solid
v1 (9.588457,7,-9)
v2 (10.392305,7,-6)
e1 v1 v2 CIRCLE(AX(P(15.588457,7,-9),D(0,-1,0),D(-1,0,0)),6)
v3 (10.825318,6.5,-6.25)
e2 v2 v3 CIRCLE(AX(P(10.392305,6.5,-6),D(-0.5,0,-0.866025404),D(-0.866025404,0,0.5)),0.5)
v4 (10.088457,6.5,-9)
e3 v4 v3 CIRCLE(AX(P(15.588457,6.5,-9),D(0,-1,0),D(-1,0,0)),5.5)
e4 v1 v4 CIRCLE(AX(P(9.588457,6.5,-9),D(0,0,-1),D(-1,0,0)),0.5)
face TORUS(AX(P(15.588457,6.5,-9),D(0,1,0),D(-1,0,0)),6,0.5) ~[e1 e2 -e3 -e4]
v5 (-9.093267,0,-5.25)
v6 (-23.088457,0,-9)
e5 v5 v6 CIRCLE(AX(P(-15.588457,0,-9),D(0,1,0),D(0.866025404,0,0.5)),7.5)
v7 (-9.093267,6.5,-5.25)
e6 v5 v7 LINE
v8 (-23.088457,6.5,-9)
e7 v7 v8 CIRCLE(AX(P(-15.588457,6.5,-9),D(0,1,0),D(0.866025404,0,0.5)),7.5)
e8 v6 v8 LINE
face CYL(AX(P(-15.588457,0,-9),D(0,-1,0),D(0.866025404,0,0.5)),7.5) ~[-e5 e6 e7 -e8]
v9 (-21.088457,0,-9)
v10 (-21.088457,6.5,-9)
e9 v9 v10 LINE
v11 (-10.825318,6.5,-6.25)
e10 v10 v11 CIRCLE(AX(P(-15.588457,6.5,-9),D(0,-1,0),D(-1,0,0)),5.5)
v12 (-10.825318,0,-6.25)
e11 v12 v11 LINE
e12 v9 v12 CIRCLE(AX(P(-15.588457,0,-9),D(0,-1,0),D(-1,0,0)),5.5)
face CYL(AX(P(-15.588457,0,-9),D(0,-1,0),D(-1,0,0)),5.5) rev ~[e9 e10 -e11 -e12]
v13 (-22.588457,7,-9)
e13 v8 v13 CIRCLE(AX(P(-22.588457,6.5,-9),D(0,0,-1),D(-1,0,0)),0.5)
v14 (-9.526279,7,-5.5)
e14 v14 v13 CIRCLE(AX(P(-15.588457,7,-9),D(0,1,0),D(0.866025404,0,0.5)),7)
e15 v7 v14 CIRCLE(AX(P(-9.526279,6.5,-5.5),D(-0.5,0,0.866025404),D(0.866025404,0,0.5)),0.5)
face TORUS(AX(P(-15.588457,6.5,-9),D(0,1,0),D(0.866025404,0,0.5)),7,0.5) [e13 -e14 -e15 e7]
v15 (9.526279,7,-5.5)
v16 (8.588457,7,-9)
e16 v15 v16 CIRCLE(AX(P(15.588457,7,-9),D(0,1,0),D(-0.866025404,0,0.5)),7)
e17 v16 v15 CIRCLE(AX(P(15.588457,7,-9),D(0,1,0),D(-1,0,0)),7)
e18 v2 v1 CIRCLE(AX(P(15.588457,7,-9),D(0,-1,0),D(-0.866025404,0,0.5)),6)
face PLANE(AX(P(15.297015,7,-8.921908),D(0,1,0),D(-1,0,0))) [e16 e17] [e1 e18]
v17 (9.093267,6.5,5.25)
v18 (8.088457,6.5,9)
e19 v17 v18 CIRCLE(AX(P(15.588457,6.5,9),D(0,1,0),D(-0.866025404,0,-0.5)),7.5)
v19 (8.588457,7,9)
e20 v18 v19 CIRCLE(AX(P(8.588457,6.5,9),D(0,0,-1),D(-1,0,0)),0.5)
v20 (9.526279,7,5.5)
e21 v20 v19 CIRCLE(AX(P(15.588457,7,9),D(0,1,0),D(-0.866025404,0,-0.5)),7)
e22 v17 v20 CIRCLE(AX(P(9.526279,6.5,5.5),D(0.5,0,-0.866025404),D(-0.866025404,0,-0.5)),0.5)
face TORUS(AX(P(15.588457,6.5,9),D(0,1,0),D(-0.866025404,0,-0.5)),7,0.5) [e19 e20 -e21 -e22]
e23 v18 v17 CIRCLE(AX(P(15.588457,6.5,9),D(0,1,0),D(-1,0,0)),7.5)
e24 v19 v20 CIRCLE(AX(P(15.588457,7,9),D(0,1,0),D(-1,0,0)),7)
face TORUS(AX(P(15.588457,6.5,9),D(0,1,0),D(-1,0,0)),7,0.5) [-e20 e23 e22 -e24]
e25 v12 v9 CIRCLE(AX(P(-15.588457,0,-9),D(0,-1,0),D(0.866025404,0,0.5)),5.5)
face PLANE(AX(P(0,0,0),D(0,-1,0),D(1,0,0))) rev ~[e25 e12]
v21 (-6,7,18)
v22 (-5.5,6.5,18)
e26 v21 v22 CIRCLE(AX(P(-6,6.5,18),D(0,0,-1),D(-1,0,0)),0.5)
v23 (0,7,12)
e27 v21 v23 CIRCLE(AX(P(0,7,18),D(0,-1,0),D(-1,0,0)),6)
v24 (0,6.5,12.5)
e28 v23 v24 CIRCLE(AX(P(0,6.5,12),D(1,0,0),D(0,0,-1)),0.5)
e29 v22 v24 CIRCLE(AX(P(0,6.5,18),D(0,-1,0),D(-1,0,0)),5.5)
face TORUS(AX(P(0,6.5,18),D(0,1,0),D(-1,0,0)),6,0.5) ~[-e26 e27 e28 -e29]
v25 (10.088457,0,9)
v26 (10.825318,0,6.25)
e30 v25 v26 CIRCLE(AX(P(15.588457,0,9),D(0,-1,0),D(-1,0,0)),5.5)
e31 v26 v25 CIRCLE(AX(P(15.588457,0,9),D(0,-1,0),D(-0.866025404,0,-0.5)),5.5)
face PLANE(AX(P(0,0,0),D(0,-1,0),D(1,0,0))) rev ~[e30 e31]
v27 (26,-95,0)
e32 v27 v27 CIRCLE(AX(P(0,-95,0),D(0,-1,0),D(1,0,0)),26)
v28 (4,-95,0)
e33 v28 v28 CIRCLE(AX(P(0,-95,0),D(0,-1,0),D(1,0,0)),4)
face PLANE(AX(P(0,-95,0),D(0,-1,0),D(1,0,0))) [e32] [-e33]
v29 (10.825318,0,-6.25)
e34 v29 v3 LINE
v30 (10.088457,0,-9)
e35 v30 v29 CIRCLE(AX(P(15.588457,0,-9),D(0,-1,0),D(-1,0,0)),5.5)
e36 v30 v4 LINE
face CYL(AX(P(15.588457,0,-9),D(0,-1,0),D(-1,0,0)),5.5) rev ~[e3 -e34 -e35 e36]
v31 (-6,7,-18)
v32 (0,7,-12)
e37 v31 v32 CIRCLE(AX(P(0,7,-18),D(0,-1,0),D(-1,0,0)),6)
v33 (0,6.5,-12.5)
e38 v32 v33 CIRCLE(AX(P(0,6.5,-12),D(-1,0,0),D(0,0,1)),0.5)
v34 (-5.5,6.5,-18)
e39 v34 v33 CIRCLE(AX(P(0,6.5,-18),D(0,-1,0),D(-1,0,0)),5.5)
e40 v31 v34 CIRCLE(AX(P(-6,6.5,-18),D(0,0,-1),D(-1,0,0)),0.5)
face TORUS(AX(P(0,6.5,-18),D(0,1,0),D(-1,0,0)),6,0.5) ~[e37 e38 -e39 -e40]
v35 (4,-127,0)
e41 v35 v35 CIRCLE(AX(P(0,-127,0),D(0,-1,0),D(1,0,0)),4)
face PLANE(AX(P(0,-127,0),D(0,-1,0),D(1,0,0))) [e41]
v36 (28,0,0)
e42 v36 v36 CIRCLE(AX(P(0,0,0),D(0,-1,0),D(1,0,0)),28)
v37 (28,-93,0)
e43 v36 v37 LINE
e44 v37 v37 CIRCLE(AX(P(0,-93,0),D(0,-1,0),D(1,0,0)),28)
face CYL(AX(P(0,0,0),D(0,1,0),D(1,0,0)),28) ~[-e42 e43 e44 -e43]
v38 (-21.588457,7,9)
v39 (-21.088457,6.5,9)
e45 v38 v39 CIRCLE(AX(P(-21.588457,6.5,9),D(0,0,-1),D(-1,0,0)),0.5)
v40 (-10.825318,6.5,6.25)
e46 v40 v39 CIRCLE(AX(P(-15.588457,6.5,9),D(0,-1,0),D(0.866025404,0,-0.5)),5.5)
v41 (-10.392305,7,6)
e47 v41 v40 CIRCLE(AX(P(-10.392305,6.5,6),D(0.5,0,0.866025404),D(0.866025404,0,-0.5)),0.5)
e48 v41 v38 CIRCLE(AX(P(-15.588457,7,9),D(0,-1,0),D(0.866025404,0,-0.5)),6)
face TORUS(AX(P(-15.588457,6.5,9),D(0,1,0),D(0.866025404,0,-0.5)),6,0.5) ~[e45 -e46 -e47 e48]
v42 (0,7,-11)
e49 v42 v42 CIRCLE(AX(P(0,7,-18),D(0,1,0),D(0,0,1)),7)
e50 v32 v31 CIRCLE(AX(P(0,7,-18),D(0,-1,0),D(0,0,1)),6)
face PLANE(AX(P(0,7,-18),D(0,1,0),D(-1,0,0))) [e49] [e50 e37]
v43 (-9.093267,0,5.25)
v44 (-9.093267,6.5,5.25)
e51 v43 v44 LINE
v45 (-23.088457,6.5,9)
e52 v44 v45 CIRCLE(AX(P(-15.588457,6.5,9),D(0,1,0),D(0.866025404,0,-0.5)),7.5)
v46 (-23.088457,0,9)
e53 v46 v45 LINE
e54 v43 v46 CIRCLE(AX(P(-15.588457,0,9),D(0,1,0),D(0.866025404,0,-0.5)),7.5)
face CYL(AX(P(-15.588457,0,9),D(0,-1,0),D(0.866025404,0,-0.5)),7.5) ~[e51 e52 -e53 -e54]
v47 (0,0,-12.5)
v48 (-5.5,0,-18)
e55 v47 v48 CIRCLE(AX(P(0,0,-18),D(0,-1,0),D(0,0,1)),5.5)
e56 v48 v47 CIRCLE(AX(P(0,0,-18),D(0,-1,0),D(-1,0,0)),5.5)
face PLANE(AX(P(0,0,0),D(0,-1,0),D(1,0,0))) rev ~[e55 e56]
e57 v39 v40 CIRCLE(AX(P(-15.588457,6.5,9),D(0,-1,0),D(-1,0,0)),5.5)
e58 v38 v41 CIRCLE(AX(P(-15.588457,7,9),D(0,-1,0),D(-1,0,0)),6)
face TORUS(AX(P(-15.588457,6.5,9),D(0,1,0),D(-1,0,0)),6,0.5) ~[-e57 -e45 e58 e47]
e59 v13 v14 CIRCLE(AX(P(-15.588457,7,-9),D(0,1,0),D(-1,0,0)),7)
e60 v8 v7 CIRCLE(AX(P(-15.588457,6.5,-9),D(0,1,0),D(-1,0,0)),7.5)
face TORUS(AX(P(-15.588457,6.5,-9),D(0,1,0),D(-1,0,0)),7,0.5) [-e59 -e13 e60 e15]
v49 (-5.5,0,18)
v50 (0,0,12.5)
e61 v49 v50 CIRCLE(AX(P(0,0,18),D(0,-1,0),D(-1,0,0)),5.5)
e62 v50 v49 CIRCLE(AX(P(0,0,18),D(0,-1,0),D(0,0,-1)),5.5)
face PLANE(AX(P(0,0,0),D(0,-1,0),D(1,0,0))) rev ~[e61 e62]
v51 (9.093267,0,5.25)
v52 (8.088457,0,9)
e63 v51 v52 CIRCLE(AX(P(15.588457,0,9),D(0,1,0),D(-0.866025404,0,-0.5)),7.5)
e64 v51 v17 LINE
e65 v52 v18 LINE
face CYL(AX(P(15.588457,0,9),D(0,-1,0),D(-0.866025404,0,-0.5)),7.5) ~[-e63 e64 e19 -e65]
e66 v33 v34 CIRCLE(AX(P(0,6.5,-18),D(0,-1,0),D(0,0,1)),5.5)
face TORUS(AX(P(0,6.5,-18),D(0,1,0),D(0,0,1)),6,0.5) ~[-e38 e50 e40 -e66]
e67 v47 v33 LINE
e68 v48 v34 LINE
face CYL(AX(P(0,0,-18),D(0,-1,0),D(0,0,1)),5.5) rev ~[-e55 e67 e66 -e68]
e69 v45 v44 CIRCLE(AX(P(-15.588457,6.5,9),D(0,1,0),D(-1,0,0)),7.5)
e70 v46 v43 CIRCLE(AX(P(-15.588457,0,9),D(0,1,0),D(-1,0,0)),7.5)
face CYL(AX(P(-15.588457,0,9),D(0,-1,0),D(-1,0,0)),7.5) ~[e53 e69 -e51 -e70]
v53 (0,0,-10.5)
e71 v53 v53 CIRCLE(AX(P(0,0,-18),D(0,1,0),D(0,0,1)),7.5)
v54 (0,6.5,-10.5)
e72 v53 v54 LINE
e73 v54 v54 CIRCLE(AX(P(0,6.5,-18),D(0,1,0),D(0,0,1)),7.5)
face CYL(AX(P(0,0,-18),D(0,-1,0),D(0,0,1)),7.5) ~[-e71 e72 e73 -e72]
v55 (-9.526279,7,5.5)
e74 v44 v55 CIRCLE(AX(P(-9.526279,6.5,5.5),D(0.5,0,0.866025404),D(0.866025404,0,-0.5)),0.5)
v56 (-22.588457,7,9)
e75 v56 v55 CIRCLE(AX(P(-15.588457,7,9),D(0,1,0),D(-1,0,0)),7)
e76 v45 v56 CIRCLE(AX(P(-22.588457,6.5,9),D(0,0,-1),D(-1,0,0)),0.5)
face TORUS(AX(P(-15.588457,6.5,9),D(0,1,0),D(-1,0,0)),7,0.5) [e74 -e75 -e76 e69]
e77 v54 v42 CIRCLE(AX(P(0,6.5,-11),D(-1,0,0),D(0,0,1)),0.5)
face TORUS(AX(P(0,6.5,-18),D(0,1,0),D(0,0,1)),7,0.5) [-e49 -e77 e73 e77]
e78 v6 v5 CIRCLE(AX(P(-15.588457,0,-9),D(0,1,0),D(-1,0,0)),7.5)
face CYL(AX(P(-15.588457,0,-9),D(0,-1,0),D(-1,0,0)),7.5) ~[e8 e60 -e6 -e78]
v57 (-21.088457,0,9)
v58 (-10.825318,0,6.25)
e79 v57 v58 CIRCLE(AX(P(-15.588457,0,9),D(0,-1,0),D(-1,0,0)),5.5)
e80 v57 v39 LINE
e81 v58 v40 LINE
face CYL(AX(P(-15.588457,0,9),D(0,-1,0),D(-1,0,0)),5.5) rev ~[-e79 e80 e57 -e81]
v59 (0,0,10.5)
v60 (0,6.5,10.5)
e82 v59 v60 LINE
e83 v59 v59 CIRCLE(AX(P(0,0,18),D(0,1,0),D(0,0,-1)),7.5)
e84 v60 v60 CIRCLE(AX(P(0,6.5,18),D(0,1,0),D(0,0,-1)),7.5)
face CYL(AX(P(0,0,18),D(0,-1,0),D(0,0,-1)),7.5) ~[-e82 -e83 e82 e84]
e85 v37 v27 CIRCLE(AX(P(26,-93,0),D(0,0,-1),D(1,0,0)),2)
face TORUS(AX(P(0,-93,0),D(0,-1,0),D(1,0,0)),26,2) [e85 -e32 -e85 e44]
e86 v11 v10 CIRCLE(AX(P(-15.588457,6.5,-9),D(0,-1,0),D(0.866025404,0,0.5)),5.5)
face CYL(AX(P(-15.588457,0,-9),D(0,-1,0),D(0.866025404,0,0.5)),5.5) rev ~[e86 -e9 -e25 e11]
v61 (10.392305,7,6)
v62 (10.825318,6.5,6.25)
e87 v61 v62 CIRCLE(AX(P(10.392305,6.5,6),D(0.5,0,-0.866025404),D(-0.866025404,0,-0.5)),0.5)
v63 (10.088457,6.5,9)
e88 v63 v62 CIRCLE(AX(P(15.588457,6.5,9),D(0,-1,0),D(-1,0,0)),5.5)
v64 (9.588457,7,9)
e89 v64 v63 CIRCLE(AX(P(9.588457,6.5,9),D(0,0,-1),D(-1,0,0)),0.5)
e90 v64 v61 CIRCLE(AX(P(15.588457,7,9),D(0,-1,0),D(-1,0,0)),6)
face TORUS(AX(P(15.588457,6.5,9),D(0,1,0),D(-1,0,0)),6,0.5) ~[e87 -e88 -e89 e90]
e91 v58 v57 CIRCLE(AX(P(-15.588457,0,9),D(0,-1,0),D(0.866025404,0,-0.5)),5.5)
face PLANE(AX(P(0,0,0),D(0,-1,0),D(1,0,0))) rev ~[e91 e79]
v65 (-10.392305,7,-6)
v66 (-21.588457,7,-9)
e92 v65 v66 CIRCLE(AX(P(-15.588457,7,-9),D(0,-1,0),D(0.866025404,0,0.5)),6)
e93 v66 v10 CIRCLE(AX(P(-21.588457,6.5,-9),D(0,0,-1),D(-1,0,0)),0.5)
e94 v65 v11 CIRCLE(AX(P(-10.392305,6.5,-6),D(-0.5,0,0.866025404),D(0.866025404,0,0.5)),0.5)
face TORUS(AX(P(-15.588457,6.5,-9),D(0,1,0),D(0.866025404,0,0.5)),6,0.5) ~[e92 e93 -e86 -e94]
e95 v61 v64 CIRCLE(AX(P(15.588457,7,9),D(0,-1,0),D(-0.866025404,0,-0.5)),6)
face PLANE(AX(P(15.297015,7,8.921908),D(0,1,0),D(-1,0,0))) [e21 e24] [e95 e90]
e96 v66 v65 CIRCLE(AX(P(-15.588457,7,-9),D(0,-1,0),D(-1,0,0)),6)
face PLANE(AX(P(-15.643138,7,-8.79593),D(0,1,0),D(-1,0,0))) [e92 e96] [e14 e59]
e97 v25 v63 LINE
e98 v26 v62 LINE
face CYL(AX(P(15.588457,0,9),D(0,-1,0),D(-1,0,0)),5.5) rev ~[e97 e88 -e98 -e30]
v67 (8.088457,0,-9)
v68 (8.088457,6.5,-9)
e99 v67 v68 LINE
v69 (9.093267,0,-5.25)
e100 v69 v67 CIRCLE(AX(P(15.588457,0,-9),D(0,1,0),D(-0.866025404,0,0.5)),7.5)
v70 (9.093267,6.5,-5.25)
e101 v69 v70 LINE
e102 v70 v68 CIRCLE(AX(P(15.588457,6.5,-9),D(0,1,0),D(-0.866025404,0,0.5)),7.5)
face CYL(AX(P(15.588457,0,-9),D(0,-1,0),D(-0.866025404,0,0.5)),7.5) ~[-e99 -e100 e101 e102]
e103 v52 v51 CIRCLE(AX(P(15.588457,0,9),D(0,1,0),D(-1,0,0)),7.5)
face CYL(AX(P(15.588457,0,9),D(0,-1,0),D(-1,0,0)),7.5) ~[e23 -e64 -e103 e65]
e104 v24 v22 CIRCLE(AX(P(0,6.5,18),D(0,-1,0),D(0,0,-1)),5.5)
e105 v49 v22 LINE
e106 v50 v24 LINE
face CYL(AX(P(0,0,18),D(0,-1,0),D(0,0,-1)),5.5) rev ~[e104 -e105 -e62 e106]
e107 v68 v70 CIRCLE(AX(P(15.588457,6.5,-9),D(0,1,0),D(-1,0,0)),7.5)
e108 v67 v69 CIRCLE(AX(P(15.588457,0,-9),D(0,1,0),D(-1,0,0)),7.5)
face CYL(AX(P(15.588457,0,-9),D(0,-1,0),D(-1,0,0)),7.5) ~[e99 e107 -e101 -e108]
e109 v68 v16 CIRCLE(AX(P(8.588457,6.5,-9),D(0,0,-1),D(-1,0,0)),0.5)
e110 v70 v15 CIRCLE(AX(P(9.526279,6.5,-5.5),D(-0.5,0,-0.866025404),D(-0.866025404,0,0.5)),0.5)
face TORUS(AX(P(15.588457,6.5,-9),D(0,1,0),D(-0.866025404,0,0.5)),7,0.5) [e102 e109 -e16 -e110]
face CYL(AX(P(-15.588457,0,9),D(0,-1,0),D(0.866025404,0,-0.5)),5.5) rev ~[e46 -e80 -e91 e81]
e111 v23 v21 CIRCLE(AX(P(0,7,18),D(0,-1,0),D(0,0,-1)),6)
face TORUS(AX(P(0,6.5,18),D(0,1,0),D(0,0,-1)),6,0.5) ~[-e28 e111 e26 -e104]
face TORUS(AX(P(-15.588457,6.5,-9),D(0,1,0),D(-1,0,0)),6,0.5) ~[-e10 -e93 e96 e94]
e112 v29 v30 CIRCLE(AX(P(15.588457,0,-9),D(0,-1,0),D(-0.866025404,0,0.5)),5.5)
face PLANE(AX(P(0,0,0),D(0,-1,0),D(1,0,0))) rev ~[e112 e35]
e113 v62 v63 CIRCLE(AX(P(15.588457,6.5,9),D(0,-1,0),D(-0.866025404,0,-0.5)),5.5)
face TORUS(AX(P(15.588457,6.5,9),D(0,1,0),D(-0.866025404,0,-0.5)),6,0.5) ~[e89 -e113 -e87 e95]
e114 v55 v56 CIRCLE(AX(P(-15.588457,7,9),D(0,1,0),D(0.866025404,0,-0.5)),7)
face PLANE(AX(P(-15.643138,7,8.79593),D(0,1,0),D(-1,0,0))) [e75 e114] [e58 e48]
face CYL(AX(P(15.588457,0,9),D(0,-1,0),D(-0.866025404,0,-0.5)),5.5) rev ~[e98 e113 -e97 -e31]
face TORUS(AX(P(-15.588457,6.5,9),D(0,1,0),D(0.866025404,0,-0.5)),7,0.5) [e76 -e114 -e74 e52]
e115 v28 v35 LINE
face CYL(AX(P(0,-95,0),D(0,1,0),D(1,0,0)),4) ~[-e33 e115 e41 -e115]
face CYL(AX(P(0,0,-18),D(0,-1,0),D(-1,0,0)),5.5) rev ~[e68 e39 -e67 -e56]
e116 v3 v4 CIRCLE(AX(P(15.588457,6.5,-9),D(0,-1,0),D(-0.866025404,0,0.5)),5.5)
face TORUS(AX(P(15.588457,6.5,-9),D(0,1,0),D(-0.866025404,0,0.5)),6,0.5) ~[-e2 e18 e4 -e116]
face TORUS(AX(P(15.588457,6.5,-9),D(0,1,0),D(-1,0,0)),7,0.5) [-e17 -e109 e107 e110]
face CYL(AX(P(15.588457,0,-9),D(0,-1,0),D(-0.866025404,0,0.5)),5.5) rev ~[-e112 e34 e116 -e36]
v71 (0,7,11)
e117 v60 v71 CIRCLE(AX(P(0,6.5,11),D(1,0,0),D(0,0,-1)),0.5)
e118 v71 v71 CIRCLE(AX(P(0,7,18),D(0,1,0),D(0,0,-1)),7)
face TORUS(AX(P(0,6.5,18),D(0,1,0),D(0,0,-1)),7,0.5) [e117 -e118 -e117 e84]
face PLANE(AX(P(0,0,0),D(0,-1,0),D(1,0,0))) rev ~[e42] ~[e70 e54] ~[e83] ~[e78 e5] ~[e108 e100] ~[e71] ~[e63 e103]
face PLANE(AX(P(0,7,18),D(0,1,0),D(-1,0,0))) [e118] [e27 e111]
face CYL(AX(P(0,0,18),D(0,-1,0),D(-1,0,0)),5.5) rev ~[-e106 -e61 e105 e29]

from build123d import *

# Parameters (mm, degrees)
F0_R     = 28
F1_DEPTH = 95
F2_R     = 4
F3_DEPTH = 32
F5_DEPTH = 7
F6_R     = 0.5
F7_R     = 2


with BuildPart() as f1:
    # F0 (on Front) → F1 (new body)
    with BuildSketch(Plane.XZ):
        Circle(F0_R)
    extrude(amount=F1_DEPTH)

    # F2 (on face) → F3 (join)
    with BuildSketch(Plane.XZ.offset(95)):
        Circle(F2_R)
    extrude(amount=F3_DEPTH)

    # F4 (on face) → F5 (join)
    with BuildSketch(Plane(origin=(0, 0, 0), x_dir=(-1, 0, 0), z_dir=(0, 1, 0))):
        with BuildLine():
            ThreePointArc((7.5, 18), (-5.3033008589, 23.3033008589), (0, 10.5))
            ThreePointArc((0, 10.5), (5.3033008589, 12.6966991411), (7.5, 18))
        make_face()
        with BuildLine():
            ThreePointArc((5.5, 18), (3.8890872965, 14.1109127035), (0, 12.5))
            ThreePointArc((0, 12.5), (-3.8890872965, 21.8890872965), (5.5, 18))
        make_face(mode=Mode.SUBTRACT)
        with BuildLine():
            ThreePointArc((-8.0884572681, 9), (-22.8329009653, 10.9411428383), (-9.0932667397, 5.25))
            ThreePointArc((-9.0932667397, 5.25), (-8.344013571, 7.0588571617), (-8.0884572681, 9))
        make_face()
        with BuildLine():
            ThreePointArc((-10.0884572681, 9), (-10.2758652235, 7.5764952519), (-10.8253175473, 6.25))
            ThreePointArc((-10.8253175473, 6.25), (-20.9010493127, 10.4235047481), (-10.0884572681, 9))
        make_face(mode=Mode.SUBTRACT)
        with BuildLine():
            ThreePointArc((-8.0884572681, -9), (-8.344013571, -7.0588571617), (-9.0932667397, -5.25))
            ThreePointArc((-9.0932667397, -5.25), (-22.8329009653, -10.9411428383), (-8.0884572681, -9))
        make_face()
        with BuildLine():
            ThreePointArc((-10.0884572681, -9), (-20.9010493127, -10.4235047481), (-10.8253175473, -6.25))
            ThreePointArc((-10.8253175473, -6.25), (-10.2758652235, -7.5764952519), (-10.0884572681, -9))
        make_face(mode=Mode.SUBTRACT)
        with BuildLine():
            ThreePointArc((7.5, -18), (5.3033008589, -12.6966991411), (0, -10.5))
            ThreePointArc((0, -10.5), (-5.3033008589, -23.3033008589), (7.5, -18))
        make_face()
        with BuildLine():
            ThreePointArc((5.5, -18), (-3.8890872965, -21.8890872965), (0, -12.5))
            ThreePointArc((0, -12.5), (3.8890872965, -14.1109127035), (5.5, -18))
        make_face(mode=Mode.SUBTRACT)
        with BuildLine():
            ThreePointArc((23.0884572681, -9), (17.5296001064, -1.7555563028), (9.0932667397, -5.25))
            ThreePointArc((9.0932667397, -5.25), (13.6473144299, -16.2444436972), (23.0884572681, -9))
        make_face()
        with BuildLine():
            ThreePointArc((21.0884572681, -9), (14.1649525201, -14.3125920446), (10.8253175473, -6.25))
            ThreePointArc((10.8253175473, -6.25), (17.0119620162, -3.6874079554), (21.0884572681, -9))
        make_face(mode=Mode.SUBTRACT)
        with BuildLine():
            ThreePointArc((23.0884572681, 9), (13.6473144299, 16.2444436972), (9.0932667397, 5.25))
            ThreePointArc((9.0932667397, 5.25), (17.5296001064, 1.7555563028), (23.0884572681, 9))
        make_face()
        with BuildLine():
            ThreePointArc((21.0884572681, 9), (17.0119620162, 3.6874079554), (10.8253175473, 6.25))
            ThreePointArc((10.8253175473, 6.25), (14.1649525201, 14.3125920446), (21.0884572681, 9))
        make_face(mode=Mode.SUBTRACT)
    extrude(amount=F5_DEPTH)

    # F6
    f6_edges = [f1.edges().sort_by_distance(p)[0] for p in [
        (-22.083648, 7, -12.75),
        (-20.351597, 7, -11.75),
        (-10.088457, 7, 9),
        (-22.083648, 7, 12.75),
        (0, 7, -25.5),
        (0, 7, -23.5),
        (22.083648, 7, -12.75),
        (20.351597, 7, -11.75),
        (20.351597, 7, 11.75),
        (22.083648, 7, 12.75),
        (0, 7, 25.5),
        (0, 7, 23.5),
    ]]
    fillet(f6_edges, radius=F6_R)

    # F7
    f7_edges = [f1.edges().sort_by_distance(p)[0] for p in [
        (-28, -95, 0),
    ]]
    fillet(f7_edges, radius=F7_R)


solid = f1.part
